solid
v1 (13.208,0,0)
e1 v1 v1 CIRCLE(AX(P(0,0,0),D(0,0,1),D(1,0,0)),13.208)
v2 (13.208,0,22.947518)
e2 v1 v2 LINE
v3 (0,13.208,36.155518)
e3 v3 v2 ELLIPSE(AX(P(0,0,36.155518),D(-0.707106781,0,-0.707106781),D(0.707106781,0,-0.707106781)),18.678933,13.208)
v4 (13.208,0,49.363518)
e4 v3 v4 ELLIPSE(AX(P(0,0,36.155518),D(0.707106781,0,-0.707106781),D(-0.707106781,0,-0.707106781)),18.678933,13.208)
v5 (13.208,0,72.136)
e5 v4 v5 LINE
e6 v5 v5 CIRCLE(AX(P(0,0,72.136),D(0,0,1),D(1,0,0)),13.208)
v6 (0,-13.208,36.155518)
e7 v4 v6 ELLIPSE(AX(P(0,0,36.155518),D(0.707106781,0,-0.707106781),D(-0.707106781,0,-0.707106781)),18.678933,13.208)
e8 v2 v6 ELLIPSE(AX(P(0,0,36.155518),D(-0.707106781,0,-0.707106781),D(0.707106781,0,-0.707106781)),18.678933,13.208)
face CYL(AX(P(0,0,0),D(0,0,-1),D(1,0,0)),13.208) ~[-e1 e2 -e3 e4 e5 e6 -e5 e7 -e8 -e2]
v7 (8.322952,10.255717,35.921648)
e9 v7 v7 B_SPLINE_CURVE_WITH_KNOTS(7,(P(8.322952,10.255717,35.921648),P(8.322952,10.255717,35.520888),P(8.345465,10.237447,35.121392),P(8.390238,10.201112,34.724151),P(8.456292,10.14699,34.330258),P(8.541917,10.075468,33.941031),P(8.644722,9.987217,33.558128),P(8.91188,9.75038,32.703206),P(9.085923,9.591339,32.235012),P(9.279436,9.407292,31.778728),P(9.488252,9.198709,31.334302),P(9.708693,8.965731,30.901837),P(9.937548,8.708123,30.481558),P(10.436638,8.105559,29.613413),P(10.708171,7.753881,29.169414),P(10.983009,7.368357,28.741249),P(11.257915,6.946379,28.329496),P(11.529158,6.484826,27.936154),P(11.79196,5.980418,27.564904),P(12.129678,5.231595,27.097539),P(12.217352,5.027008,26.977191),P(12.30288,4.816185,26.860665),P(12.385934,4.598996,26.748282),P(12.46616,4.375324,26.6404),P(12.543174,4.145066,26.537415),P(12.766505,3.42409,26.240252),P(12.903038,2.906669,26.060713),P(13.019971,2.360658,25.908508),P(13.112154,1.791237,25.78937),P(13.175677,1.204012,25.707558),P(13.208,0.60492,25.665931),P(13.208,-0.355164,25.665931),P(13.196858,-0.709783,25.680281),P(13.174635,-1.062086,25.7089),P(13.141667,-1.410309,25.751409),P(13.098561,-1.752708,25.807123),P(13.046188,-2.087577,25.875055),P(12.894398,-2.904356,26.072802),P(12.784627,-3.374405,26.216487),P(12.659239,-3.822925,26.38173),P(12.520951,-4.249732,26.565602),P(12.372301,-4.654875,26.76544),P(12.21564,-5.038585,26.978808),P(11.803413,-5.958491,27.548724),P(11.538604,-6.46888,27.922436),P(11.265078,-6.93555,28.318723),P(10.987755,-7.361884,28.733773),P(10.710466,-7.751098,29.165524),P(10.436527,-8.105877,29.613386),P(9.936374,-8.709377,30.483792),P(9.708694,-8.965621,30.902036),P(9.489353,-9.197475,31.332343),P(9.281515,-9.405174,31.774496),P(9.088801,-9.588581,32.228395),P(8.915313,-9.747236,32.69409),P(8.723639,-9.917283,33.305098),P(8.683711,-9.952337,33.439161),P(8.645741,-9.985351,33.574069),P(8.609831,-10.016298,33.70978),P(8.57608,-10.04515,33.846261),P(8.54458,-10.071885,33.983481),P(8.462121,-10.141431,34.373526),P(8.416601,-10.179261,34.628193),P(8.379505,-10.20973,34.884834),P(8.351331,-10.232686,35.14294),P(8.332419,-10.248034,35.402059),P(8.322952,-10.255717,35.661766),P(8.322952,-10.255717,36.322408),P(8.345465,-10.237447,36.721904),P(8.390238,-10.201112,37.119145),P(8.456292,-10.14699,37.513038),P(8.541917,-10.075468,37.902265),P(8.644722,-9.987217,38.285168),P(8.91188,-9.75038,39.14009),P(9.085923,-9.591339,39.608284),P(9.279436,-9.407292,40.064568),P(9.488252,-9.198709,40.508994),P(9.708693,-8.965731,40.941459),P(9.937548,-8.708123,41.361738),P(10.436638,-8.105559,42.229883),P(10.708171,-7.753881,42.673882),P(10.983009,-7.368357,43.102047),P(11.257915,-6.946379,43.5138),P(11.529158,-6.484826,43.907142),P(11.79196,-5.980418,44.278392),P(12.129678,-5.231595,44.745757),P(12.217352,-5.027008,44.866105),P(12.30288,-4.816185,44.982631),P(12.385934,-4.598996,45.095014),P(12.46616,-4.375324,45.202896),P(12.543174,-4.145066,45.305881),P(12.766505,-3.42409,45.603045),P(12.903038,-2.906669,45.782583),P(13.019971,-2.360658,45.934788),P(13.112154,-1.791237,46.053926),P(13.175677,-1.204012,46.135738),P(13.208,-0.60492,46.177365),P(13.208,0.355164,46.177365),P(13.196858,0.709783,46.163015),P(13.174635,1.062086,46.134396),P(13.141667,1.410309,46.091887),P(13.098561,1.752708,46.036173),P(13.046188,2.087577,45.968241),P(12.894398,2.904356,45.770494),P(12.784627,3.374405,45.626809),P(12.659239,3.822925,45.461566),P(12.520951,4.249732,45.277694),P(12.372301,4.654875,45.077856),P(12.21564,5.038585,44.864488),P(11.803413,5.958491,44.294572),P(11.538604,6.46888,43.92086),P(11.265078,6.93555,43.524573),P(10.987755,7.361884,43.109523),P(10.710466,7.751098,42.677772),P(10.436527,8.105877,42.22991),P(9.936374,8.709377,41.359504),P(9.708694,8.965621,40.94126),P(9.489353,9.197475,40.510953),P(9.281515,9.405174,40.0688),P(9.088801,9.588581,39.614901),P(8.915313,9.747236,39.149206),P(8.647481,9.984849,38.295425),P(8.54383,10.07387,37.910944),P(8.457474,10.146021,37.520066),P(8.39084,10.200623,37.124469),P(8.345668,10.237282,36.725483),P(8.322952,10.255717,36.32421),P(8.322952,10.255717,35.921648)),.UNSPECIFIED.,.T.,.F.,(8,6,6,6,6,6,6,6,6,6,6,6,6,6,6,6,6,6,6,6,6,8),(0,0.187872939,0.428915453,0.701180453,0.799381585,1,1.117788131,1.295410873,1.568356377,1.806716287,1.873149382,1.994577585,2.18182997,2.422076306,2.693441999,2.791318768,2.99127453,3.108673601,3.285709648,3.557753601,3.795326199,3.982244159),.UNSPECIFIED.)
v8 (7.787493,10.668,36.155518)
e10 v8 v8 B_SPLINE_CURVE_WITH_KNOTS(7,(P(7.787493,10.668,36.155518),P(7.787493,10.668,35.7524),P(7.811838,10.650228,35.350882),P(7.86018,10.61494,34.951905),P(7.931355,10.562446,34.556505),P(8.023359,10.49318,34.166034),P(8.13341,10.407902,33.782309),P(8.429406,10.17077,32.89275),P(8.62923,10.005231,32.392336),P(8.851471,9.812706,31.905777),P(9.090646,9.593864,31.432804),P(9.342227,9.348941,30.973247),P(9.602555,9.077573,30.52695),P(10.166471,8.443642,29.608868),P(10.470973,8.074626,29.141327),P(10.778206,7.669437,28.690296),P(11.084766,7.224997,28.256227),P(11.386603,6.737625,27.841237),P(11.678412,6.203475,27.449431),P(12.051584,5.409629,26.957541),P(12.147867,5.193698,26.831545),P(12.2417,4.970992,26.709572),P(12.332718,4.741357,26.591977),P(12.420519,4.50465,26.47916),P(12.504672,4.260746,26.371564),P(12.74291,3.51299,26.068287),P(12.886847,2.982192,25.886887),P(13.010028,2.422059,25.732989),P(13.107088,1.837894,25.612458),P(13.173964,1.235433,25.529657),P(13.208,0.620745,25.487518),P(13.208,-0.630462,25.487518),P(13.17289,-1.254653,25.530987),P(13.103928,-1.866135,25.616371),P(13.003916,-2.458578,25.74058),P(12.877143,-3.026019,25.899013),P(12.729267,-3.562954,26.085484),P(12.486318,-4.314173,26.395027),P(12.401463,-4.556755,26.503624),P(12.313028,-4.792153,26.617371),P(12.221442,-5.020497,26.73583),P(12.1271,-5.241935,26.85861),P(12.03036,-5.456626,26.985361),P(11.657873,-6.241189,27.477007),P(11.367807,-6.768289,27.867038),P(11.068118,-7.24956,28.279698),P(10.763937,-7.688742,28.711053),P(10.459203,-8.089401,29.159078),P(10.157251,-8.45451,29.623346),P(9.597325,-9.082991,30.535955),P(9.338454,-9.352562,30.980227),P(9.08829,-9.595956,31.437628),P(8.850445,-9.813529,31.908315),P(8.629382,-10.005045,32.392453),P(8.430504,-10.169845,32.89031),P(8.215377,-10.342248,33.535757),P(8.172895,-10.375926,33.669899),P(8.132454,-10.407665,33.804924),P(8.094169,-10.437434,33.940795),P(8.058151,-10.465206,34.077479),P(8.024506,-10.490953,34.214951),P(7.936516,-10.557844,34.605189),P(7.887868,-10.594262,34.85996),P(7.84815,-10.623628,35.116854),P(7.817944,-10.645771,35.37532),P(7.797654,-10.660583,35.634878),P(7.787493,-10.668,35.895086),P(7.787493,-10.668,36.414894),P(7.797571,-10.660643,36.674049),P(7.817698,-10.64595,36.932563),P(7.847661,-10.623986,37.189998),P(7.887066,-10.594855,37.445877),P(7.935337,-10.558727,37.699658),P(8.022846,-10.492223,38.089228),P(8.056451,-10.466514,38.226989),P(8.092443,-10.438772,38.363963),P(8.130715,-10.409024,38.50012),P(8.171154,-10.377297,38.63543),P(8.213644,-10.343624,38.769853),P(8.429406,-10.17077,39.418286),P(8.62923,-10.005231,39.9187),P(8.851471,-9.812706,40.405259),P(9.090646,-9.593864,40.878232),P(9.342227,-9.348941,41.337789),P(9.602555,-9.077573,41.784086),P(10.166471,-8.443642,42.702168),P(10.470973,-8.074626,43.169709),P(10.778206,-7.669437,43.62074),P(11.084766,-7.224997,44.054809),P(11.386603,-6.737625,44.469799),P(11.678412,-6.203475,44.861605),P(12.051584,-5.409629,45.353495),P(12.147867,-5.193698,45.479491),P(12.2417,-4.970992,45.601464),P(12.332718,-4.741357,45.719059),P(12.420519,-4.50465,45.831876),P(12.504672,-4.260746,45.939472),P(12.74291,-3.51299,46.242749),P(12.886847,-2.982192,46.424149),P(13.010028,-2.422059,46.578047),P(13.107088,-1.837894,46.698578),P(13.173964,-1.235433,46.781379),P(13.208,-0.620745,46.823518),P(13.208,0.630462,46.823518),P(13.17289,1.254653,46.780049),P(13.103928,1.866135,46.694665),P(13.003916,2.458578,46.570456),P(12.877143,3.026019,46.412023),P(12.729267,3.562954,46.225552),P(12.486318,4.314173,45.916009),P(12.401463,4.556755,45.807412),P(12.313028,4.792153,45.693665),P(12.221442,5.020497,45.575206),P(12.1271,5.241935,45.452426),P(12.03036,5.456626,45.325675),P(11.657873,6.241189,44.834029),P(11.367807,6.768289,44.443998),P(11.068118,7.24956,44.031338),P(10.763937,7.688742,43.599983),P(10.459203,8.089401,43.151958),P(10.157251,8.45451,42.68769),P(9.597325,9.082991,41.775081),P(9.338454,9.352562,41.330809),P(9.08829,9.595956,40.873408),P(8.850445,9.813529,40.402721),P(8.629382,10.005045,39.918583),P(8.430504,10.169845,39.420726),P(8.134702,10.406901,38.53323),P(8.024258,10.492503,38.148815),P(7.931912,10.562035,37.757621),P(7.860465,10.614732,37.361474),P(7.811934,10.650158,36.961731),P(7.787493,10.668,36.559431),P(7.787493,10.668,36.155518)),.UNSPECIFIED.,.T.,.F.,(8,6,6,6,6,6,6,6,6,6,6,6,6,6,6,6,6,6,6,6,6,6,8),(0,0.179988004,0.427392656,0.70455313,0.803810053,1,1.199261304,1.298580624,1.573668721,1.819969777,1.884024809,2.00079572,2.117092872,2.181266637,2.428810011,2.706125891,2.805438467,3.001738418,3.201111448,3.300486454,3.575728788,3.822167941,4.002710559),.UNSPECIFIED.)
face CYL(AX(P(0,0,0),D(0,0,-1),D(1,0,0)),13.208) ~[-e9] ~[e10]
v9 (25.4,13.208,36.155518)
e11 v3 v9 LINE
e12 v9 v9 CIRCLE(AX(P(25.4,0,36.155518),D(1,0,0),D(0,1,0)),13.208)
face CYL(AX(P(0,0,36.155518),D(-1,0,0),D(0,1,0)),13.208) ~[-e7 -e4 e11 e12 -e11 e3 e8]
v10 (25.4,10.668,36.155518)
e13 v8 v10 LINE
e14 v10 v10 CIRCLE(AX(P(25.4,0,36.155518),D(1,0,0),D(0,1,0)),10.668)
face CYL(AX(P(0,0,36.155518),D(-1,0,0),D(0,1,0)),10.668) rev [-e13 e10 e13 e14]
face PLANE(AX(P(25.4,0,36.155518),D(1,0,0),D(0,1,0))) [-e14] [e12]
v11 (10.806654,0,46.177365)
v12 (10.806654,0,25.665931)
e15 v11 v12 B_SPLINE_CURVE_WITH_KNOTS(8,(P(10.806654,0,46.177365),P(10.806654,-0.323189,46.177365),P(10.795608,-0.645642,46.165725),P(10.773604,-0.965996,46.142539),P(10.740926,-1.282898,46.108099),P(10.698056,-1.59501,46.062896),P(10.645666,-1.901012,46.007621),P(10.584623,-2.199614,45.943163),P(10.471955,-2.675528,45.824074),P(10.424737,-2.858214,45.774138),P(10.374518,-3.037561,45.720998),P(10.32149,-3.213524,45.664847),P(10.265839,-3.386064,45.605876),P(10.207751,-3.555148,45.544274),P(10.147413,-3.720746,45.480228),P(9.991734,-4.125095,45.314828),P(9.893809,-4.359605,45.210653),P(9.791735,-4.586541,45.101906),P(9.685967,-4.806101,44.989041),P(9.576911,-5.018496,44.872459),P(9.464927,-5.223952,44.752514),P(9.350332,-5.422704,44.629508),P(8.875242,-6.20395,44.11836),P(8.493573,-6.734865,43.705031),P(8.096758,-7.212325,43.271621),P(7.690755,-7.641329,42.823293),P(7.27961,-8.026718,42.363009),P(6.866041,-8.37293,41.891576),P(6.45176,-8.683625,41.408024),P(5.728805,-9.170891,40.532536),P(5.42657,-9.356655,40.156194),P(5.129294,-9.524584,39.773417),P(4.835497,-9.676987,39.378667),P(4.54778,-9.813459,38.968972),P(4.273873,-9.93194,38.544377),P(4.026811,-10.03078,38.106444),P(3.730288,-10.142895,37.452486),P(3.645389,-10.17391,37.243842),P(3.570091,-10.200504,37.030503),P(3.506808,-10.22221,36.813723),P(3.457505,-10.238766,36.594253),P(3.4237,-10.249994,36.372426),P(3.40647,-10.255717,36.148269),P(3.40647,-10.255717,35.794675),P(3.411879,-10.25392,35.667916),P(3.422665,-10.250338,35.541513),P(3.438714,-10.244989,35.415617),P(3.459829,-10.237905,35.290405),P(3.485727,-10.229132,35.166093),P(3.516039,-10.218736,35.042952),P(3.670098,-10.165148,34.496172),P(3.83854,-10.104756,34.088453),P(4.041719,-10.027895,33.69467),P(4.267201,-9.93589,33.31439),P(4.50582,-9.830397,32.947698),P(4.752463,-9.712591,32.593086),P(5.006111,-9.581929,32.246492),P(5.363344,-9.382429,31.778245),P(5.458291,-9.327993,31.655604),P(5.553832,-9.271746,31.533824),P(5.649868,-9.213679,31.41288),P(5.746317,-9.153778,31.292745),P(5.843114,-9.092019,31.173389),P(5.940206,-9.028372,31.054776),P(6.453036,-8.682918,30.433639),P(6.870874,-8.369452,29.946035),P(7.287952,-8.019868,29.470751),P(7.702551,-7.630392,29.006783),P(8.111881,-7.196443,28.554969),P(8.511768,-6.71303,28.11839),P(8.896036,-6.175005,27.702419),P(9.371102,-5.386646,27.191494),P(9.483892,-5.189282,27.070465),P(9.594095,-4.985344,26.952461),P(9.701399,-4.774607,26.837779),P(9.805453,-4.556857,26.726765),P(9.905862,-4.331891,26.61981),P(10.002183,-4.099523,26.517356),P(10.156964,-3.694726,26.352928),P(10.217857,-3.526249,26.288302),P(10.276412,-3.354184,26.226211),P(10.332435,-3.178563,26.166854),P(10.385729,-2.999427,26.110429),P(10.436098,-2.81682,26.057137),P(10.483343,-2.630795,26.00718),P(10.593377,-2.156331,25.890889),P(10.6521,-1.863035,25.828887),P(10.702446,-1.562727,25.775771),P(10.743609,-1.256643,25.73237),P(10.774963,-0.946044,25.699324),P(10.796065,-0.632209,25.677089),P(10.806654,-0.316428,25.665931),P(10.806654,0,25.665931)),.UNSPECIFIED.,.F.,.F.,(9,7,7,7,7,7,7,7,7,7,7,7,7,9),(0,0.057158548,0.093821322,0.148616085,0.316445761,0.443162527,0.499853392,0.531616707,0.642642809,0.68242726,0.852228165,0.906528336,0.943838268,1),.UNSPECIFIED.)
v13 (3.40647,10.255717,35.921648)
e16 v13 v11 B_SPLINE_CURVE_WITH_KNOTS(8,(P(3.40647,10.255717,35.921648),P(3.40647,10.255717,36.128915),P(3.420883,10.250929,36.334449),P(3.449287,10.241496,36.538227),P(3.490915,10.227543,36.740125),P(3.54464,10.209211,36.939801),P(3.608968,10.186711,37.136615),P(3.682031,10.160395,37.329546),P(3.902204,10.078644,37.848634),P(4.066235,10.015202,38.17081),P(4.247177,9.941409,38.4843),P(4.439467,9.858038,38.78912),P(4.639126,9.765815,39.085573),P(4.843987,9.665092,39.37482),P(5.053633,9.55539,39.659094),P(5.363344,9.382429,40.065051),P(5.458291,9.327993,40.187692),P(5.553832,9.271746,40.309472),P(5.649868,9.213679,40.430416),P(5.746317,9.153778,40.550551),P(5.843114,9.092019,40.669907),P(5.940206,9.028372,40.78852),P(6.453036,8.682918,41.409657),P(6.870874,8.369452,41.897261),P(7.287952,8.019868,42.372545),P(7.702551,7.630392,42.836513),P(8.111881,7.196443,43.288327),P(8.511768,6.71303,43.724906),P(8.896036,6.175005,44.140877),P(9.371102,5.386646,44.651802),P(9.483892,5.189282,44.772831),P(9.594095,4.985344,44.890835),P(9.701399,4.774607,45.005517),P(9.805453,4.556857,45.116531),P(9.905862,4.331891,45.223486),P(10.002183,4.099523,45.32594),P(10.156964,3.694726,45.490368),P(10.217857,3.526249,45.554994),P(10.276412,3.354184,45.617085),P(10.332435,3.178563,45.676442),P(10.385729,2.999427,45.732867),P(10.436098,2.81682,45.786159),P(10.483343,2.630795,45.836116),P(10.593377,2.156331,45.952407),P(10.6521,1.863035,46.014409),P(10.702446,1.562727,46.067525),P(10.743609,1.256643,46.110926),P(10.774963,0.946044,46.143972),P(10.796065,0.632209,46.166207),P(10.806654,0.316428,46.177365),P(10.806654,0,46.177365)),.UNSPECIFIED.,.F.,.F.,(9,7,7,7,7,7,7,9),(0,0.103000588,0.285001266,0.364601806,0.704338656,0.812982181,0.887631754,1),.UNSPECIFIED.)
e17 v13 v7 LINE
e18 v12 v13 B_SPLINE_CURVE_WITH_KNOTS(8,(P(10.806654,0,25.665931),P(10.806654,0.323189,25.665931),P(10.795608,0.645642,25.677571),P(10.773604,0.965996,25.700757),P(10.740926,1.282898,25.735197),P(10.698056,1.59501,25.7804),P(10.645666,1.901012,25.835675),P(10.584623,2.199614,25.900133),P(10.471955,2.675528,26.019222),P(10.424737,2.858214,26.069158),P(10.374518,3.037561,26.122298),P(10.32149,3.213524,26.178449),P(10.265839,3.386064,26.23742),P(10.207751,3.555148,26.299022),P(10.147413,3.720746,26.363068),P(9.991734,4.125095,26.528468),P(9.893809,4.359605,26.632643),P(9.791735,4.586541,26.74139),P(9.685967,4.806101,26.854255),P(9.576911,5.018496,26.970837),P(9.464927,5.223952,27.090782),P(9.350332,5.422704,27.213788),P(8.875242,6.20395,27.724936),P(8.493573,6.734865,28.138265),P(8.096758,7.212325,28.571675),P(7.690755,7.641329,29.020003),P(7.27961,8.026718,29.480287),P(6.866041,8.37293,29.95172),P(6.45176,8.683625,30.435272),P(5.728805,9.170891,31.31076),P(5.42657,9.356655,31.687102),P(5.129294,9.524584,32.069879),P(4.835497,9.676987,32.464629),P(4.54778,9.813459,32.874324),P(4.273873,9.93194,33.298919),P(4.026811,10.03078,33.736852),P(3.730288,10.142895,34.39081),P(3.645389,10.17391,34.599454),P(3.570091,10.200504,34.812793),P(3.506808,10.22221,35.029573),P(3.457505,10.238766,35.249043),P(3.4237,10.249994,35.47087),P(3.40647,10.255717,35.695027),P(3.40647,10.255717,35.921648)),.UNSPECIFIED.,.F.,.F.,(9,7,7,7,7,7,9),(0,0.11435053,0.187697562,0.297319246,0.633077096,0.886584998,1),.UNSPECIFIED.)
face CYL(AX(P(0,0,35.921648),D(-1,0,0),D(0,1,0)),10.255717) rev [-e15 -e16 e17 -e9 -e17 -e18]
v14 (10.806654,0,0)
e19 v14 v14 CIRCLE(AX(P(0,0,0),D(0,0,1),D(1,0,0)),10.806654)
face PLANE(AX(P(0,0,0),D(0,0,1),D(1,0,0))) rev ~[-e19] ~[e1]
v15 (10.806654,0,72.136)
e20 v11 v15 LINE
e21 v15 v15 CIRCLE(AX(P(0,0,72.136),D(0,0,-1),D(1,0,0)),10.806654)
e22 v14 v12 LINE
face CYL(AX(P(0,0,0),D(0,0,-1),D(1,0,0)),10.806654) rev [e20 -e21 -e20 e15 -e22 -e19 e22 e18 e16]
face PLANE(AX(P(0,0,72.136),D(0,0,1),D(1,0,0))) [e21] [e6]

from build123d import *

# Parameters (mm, degrees)
F0_R     = 13.208
F0_R_2   = 10.668
F1_DEPTH = 72.136
F2_R     = 13.208
F2_R_2   = 10.668
F3_DEPTH = 25.4
F4_R     = 10.255717
F5_DEPTH = 25.4
F6_R     = 10.806654
F7_DEPTH = 76.2


with BuildPart() as f1:
    # F0 (on Top) → F1 (new body)
    with BuildSketch(Plane.XY):
        Circle(F0_R)
        Circle(F0_R_2, mode=Mode.SUBTRACT)
    extrude(amount=F1_DEPTH)

    # F2 (on Right) → F3 (join)
    with BuildSketch(Plane.YZ):
        with Locations((0, 36.155518)):
            Circle(F2_R)
        with Locations((0, 36.155518)):
            Circle(F2_R_2, mode=Mode.SUBTRACT)
    extrude(amount=F3_DEPTH)

    # F4 (on Right) → F5 (cut)
    with BuildSketch(Plane.YZ):
        with Locations((0, 35.921648)):
            Circle(F4_R)
    extrude(amount=F5_DEPTH, mode=Mode.SUBTRACT)

    # F6 (on Top) → F7 (cut)
    with BuildSketch(Plane.XY):
        Circle(F6_R)
    extrude(amount=F7_DEPTH, mode=Mode.SUBTRACT)


solid = f1.part
